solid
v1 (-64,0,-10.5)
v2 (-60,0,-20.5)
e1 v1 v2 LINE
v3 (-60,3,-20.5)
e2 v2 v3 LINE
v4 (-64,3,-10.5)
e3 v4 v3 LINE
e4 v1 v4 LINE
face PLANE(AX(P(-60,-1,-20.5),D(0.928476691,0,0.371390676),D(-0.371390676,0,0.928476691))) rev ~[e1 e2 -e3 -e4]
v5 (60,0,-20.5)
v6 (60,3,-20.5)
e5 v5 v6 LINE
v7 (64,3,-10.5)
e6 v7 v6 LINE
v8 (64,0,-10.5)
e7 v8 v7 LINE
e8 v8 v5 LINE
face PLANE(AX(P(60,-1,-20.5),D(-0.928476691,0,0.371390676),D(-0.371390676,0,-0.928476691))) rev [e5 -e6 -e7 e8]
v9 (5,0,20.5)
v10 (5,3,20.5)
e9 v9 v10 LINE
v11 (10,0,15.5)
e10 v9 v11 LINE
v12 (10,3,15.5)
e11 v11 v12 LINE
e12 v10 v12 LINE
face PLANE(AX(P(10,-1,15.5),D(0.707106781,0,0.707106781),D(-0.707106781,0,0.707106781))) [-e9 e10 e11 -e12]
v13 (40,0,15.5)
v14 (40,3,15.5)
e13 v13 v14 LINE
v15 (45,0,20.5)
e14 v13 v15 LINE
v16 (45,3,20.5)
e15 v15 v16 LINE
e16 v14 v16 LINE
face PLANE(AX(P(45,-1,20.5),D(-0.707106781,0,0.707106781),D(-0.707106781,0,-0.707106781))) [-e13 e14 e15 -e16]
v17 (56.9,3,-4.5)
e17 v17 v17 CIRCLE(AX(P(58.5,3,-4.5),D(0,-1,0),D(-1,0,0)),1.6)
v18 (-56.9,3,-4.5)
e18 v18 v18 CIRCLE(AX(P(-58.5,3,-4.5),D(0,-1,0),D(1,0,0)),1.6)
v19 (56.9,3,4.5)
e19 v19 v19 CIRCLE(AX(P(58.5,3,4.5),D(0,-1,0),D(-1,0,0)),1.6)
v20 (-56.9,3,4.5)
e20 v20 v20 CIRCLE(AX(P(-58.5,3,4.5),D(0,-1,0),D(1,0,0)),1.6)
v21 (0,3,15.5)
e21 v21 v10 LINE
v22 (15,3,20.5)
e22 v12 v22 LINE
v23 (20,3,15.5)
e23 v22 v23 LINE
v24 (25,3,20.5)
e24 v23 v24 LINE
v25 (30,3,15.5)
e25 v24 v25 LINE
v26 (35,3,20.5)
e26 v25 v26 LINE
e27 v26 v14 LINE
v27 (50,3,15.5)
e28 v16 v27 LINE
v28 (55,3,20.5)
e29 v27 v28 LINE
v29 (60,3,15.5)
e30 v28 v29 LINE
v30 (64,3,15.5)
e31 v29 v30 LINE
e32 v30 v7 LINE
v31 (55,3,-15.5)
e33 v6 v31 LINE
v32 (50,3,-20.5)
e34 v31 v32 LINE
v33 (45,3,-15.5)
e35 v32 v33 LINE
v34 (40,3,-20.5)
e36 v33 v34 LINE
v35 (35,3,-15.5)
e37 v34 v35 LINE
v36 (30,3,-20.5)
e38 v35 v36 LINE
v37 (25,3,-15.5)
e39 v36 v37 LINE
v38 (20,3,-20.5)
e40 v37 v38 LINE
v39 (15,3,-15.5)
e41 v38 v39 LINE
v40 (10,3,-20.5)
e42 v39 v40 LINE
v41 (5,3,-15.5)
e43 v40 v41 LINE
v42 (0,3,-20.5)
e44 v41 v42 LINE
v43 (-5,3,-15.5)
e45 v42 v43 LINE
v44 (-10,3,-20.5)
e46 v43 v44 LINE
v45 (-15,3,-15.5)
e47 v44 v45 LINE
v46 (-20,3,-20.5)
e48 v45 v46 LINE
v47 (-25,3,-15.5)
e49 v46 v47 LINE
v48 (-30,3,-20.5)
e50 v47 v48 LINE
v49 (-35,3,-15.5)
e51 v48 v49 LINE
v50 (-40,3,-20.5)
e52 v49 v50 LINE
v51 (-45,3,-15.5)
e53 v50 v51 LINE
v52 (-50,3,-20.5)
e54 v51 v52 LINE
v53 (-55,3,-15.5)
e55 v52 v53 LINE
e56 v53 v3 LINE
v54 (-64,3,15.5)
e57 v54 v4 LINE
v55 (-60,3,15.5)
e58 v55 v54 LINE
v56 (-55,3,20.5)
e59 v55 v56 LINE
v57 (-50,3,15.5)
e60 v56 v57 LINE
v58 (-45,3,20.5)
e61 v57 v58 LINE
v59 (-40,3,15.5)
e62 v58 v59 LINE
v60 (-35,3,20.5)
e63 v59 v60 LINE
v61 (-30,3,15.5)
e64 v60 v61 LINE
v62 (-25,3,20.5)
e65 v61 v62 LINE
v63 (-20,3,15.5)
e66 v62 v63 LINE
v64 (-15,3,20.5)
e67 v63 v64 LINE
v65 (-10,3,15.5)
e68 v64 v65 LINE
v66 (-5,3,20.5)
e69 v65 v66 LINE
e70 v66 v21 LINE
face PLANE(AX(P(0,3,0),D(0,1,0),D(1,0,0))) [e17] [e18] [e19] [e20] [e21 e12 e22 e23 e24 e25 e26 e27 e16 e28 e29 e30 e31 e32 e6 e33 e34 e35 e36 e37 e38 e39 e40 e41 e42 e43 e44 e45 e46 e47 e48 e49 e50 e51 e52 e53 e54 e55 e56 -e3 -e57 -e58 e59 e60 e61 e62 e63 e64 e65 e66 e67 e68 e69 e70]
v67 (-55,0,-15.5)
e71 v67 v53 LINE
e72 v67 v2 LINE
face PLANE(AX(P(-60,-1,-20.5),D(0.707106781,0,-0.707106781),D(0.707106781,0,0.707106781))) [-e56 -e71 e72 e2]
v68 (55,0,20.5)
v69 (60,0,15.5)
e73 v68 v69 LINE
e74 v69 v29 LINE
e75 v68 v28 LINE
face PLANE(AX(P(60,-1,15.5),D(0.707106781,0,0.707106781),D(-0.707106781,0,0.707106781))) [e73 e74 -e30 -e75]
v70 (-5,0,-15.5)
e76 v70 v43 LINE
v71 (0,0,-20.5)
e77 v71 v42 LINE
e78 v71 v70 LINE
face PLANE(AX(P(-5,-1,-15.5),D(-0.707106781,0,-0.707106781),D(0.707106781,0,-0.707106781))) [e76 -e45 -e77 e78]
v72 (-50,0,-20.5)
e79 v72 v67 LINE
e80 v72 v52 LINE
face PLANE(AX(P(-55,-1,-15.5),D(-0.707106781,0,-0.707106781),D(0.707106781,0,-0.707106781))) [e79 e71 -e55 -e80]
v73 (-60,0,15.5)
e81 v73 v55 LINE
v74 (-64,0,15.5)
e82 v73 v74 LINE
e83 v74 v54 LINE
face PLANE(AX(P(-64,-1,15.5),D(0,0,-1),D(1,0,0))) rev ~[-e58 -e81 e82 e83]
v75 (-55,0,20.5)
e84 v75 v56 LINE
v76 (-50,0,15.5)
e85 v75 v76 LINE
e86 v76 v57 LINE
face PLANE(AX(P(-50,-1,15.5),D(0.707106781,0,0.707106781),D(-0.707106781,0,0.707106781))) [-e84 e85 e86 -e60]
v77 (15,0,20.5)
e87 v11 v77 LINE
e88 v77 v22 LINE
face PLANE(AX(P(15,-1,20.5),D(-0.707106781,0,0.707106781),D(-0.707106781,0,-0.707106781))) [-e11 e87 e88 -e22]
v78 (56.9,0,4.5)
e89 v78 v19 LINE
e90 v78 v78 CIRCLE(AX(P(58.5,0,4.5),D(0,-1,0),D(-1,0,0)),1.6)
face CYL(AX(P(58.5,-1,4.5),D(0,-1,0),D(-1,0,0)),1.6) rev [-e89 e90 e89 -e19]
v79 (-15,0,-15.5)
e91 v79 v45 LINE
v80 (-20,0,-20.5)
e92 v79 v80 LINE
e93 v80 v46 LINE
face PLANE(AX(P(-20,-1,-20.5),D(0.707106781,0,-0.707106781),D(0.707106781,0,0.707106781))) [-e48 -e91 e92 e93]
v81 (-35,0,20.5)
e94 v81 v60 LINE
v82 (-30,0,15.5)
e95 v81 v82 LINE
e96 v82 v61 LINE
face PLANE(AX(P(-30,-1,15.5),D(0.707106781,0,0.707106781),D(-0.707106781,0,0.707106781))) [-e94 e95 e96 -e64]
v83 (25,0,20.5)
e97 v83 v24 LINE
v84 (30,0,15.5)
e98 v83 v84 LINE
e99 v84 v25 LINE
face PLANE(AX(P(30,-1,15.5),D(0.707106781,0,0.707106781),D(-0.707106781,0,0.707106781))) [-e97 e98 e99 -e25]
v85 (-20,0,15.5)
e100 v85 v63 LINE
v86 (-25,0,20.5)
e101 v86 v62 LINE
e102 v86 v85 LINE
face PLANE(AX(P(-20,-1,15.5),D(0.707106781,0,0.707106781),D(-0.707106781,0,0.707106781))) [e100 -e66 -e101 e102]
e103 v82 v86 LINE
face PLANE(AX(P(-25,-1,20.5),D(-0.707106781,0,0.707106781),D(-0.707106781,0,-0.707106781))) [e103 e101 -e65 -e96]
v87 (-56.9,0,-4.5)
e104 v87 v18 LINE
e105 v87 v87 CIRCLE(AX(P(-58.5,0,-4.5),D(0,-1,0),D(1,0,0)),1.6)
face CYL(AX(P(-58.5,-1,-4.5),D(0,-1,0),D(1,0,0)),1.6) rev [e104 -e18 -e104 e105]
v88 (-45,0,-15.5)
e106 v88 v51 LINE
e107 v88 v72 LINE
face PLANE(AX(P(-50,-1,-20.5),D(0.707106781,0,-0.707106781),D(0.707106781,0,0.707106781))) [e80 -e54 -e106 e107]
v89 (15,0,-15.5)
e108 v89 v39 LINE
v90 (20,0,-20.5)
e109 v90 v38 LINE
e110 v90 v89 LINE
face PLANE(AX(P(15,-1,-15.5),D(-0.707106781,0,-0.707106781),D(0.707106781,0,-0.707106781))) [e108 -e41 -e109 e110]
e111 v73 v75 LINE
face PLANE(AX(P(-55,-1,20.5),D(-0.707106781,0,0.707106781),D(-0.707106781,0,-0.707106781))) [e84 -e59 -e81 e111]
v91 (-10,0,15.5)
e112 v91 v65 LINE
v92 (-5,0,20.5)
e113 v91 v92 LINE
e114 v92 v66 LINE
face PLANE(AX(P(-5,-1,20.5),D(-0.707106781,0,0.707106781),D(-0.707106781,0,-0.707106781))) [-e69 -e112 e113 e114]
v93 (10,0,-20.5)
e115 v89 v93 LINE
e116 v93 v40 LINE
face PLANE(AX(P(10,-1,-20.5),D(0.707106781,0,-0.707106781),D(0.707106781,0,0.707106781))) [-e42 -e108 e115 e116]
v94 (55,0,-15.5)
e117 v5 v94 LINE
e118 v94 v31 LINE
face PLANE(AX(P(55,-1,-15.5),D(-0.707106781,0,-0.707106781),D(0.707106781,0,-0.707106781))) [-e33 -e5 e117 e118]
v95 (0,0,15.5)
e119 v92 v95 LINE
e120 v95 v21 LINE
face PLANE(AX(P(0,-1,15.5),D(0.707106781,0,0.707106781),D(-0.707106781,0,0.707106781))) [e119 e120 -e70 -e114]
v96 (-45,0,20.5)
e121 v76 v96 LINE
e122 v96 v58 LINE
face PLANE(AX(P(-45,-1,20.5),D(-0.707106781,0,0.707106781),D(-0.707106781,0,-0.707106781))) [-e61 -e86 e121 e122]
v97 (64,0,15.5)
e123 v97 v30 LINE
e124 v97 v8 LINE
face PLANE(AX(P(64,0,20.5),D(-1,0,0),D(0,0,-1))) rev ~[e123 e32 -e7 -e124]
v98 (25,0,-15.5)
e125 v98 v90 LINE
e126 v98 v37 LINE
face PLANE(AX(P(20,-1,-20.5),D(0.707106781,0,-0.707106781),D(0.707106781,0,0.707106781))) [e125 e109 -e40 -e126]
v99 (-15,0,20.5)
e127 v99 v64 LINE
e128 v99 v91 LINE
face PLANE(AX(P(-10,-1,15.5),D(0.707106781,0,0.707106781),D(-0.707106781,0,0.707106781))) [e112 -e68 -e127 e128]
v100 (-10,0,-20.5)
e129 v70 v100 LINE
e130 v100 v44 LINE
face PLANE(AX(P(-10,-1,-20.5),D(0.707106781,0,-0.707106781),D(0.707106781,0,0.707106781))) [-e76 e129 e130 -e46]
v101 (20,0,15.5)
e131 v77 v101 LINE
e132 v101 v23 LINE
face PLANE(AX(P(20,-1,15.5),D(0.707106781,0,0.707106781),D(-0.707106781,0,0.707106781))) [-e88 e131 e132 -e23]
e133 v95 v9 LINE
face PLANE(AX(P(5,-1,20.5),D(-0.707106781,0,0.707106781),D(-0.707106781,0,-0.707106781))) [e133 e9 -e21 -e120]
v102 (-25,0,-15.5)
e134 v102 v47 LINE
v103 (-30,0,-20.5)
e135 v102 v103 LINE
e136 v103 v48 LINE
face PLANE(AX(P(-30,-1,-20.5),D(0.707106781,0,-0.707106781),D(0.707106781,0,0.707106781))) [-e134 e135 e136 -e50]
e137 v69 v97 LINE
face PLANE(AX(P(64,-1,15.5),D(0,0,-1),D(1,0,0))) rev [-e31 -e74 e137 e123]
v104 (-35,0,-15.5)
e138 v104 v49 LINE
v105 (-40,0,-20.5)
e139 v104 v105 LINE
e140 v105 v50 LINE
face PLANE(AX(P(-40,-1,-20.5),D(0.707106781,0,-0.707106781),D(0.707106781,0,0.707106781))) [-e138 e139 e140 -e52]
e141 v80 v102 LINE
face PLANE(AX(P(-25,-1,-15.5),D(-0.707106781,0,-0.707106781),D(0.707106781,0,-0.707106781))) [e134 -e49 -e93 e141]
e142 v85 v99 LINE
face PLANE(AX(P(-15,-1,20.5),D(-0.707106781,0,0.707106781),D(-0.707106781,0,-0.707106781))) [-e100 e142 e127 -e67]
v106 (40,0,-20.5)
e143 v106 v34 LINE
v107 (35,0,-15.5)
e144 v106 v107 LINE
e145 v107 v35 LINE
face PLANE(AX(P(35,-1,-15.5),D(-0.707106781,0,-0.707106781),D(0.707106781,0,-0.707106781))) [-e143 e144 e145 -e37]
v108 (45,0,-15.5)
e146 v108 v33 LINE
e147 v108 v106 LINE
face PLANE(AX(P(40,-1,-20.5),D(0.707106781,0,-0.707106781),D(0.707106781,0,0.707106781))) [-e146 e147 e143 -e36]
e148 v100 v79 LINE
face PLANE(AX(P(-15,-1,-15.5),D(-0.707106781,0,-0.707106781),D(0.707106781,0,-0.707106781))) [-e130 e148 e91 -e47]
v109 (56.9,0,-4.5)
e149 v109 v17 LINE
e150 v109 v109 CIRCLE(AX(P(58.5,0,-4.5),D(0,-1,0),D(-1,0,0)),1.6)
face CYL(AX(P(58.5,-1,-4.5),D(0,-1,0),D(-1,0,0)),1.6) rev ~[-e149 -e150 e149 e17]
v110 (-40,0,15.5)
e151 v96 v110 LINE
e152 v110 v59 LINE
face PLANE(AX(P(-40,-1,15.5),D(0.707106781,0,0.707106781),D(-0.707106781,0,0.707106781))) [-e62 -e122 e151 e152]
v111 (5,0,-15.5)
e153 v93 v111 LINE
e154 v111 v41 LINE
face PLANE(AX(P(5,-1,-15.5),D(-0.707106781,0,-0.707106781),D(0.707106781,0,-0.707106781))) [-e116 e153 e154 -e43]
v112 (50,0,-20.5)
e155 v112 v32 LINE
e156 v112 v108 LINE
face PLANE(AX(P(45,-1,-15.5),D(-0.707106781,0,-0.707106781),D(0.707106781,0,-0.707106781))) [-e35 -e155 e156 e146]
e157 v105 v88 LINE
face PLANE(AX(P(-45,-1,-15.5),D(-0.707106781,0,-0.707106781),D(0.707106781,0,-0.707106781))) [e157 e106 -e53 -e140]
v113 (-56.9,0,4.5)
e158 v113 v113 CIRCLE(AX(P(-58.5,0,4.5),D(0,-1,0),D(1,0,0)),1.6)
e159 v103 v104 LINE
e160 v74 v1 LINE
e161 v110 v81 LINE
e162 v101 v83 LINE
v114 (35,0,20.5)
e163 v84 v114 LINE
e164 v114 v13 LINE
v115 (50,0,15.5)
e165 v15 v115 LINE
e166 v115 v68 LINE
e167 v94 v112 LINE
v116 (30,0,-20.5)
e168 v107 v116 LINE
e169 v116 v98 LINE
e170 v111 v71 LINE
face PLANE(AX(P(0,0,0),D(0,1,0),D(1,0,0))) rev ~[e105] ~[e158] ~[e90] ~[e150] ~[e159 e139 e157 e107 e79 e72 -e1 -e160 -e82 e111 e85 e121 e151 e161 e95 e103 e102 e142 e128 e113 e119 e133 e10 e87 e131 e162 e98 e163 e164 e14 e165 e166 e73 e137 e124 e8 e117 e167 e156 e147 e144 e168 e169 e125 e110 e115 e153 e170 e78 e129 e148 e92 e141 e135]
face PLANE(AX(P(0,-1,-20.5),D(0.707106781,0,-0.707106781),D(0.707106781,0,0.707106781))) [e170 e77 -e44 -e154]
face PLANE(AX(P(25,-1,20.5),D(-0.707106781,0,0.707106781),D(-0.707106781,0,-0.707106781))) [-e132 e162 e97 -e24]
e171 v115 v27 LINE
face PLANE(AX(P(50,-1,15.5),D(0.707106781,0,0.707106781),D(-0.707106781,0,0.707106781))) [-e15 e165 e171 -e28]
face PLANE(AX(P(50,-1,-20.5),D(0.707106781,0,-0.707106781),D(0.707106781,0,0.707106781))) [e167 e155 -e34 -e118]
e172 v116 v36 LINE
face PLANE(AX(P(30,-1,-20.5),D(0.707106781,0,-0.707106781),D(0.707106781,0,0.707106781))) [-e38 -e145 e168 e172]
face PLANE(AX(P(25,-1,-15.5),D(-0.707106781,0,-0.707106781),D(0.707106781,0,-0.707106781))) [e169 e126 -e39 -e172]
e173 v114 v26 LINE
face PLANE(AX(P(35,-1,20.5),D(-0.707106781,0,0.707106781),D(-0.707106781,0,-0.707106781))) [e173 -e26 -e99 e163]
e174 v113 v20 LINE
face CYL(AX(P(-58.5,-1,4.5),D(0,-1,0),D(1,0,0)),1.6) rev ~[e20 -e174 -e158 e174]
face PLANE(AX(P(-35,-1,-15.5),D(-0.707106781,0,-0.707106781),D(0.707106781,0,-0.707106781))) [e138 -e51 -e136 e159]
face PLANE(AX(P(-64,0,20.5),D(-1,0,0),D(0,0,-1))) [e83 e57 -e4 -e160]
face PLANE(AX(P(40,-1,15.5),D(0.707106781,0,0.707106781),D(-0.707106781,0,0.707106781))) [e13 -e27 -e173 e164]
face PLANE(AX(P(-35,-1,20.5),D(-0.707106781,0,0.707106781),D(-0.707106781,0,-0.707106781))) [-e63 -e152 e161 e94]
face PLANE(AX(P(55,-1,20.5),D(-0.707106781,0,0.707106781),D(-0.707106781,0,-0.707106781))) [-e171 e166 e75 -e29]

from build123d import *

# Parameters (mm, degrees)
SKETCH1_W               = 128
SKETCH1_H               = 41
BOSS_EXTRUDE1_DEPTH     = 3
CUT_EXTRUDE2_START      = -4
CUT_EXTRUDE2_DEPTH      = 5
LPATTERN3_COUNT         = 12
LPATTERN3_PITCH         = 10
CUT_EXTRUDE3_START      = -4
CUT_EXTRUDE3_DEPTH      = 5
LPATTERN5_COUNT         = 12
LPATTERN5_PITCH         = 10
CUT_EXTRUDE4_START      = -4
SKETCH6_R               = 1.6
CUT_EXTRUDE4_DEPTH      = 5
MIRROR3_START           = -4
MIRROR3_COPY_1_SKETCH_R = 1.6
MIRROR3_COPY_1_DEPTH    = 5
CUT_EXTRUDE5_START      = -4
CUT_EXTRUDE5_DEPTH      = 5
CUT_EXTRUDE6_START      = -4
SKETCH8_W               = 4
SKETCH8_H               = 5
CUT_EXTRUDE6_DEPTH      = 5


with BuildPart() as part:
    # Sketch1 → Boss-Extrude1 (new body)
    with BuildSketch(Plane(origin=(0, 0, 0), x_dir=(1, 0, 0), z_dir=(0, 1, 0))):
        Rectangle(SKETCH1_W, SKETCH1_H)
    extrude(amount=BOSS_EXTRUDE1_DEPTH)

    # Sketch2 → Cut-Extrude2 (cut)
    with BuildSketch(Plane(origin=(0, 3, 0), x_dir=(1, 0, 0), z_dir=(0, 1, 0)).offset(CUT_EXTRUDE2_START)):
        Polygon((-60, 20.5), (-55, 15.5), (-50, 20.5), align=None)
    cut_extrude2 = extrude(amount=CUT_EXTRUDE2_DEPTH, mode=Mode.SUBTRACT)

    # LPattern3: Cut-Extrude2 ×12
    with Locations(*[(i * LPATTERN3_PITCH, 0, 0) for i in range(1, LPATTERN3_COUNT)]):
        add(cut_extrude2, mode=Mode.SUBTRACT)

    # Sketch5 → Cut-Extrude3 (cut)
    with BuildSketch(Plane(origin=(0, 3, 0), x_dir=(1, 0, 0), z_dir=(0, 1, 0)).offset(CUT_EXTRUDE3_START)):
        Polygon((-55, -20.5), (-60, -15.5), (-60, -20.5), align=None)
        Polygon((-50, -15.5), (-55, -20.5), (-50, -20.5), align=None)
    cut_extrude3 = extrude(amount=CUT_EXTRUDE3_DEPTH, mode=Mode.SUBTRACT)

    # LPattern5: Cut-Extrude3 ×12
    with Locations(*[(i * LPATTERN5_PITCH, 0, 0) for i in range(1, LPATTERN5_COUNT)]):
        add(cut_extrude3, mode=Mode.SUBTRACT)

    # Sketch6 → Cut-Extrude4 (cut)
    with BuildSketch(Plane(origin=(0, 3, 0), x_dir=(1, 0, 0), z_dir=(0, 1, 0)).offset(CUT_EXTRUDE4_START)):
        with Locations((-58.5, 4.5)):
            Circle(SKETCH6_R)
    cut_extrude4 = extrude(amount=CUT_EXTRUDE4_DEPTH, mode=Mode.SUBTRACT)

    # Mirror2: Cut-Extrude4 across plane
    add(cut_extrude4.mirror(Plane(origin=(0, 0, 0), x_dir=(0, 0, 1), z_dir=(1, 0, 0))), mode=Mode.SUBTRACT)

    # Mirror3: Cut-Extrude4 across plane
    add(cut_extrude4.mirror(Plane.XY), mode=Mode.SUBTRACT)

    # Mirror3 copy 1 sketch → Mirror3 copy 1 (cut)
    with BuildSketch(Plane(origin=(0, 3, 0), x_dir=(-1, 0, 0), z_dir=(0, 1, 0)).offset(MIRROR3_START)):
        with Locations((-58.5, 4.5)):
            Circle(MIRROR3_COPY_1_SKETCH_R)
    extrude(amount=MIRROR3_COPY_1_DEPTH, mode=Mode.SUBTRACT)

    # Sketch7 → Cut-Extrude5 (cut)
    with BuildSketch(Plane(origin=(0, 3, 0), x_dir=(1, 0, 0), z_dir=(0, 1, 0)).offset(CUT_EXTRUDE5_START)):
        Polygon((-60, 20.5), (-64, 10.5), (-64, 20.5), align=None)
    cut_extrude5 = extrude(amount=CUT_EXTRUDE5_DEPTH, mode=Mode.SUBTRACT)

    # Mirror4: Cut-Extrude5 across plane
    add(cut_extrude5.mirror(Plane(origin=(0, 0, 0), x_dir=(0, 0, 1), z_dir=(1, 0, 0))), mode=Mode.SUBTRACT)

    # Sketch8 → Cut-Extrude6 (cut)
    with BuildSketch(Plane(origin=(0, 3, 0), x_dir=(1, 0, 0), z_dir=(0, 1, 0)).offset(CUT_EXTRUDE6_START)):
        with Locations((-62, -18)):
            Rectangle(SKETCH8_W, SKETCH8_H)
    cut_extrude6 = extrude(amount=CUT_EXTRUDE6_DEPTH, mode=Mode.SUBTRACT)

    # Mirror5: Cut-Extrude6 across plane
    add(cut_extrude6.mirror(Plane(origin=(0, 0, 0), x_dir=(0, 0, 1), z_dir=(1, 0, 0))), mode=Mode.SUBTRACT)


solid = part.part
